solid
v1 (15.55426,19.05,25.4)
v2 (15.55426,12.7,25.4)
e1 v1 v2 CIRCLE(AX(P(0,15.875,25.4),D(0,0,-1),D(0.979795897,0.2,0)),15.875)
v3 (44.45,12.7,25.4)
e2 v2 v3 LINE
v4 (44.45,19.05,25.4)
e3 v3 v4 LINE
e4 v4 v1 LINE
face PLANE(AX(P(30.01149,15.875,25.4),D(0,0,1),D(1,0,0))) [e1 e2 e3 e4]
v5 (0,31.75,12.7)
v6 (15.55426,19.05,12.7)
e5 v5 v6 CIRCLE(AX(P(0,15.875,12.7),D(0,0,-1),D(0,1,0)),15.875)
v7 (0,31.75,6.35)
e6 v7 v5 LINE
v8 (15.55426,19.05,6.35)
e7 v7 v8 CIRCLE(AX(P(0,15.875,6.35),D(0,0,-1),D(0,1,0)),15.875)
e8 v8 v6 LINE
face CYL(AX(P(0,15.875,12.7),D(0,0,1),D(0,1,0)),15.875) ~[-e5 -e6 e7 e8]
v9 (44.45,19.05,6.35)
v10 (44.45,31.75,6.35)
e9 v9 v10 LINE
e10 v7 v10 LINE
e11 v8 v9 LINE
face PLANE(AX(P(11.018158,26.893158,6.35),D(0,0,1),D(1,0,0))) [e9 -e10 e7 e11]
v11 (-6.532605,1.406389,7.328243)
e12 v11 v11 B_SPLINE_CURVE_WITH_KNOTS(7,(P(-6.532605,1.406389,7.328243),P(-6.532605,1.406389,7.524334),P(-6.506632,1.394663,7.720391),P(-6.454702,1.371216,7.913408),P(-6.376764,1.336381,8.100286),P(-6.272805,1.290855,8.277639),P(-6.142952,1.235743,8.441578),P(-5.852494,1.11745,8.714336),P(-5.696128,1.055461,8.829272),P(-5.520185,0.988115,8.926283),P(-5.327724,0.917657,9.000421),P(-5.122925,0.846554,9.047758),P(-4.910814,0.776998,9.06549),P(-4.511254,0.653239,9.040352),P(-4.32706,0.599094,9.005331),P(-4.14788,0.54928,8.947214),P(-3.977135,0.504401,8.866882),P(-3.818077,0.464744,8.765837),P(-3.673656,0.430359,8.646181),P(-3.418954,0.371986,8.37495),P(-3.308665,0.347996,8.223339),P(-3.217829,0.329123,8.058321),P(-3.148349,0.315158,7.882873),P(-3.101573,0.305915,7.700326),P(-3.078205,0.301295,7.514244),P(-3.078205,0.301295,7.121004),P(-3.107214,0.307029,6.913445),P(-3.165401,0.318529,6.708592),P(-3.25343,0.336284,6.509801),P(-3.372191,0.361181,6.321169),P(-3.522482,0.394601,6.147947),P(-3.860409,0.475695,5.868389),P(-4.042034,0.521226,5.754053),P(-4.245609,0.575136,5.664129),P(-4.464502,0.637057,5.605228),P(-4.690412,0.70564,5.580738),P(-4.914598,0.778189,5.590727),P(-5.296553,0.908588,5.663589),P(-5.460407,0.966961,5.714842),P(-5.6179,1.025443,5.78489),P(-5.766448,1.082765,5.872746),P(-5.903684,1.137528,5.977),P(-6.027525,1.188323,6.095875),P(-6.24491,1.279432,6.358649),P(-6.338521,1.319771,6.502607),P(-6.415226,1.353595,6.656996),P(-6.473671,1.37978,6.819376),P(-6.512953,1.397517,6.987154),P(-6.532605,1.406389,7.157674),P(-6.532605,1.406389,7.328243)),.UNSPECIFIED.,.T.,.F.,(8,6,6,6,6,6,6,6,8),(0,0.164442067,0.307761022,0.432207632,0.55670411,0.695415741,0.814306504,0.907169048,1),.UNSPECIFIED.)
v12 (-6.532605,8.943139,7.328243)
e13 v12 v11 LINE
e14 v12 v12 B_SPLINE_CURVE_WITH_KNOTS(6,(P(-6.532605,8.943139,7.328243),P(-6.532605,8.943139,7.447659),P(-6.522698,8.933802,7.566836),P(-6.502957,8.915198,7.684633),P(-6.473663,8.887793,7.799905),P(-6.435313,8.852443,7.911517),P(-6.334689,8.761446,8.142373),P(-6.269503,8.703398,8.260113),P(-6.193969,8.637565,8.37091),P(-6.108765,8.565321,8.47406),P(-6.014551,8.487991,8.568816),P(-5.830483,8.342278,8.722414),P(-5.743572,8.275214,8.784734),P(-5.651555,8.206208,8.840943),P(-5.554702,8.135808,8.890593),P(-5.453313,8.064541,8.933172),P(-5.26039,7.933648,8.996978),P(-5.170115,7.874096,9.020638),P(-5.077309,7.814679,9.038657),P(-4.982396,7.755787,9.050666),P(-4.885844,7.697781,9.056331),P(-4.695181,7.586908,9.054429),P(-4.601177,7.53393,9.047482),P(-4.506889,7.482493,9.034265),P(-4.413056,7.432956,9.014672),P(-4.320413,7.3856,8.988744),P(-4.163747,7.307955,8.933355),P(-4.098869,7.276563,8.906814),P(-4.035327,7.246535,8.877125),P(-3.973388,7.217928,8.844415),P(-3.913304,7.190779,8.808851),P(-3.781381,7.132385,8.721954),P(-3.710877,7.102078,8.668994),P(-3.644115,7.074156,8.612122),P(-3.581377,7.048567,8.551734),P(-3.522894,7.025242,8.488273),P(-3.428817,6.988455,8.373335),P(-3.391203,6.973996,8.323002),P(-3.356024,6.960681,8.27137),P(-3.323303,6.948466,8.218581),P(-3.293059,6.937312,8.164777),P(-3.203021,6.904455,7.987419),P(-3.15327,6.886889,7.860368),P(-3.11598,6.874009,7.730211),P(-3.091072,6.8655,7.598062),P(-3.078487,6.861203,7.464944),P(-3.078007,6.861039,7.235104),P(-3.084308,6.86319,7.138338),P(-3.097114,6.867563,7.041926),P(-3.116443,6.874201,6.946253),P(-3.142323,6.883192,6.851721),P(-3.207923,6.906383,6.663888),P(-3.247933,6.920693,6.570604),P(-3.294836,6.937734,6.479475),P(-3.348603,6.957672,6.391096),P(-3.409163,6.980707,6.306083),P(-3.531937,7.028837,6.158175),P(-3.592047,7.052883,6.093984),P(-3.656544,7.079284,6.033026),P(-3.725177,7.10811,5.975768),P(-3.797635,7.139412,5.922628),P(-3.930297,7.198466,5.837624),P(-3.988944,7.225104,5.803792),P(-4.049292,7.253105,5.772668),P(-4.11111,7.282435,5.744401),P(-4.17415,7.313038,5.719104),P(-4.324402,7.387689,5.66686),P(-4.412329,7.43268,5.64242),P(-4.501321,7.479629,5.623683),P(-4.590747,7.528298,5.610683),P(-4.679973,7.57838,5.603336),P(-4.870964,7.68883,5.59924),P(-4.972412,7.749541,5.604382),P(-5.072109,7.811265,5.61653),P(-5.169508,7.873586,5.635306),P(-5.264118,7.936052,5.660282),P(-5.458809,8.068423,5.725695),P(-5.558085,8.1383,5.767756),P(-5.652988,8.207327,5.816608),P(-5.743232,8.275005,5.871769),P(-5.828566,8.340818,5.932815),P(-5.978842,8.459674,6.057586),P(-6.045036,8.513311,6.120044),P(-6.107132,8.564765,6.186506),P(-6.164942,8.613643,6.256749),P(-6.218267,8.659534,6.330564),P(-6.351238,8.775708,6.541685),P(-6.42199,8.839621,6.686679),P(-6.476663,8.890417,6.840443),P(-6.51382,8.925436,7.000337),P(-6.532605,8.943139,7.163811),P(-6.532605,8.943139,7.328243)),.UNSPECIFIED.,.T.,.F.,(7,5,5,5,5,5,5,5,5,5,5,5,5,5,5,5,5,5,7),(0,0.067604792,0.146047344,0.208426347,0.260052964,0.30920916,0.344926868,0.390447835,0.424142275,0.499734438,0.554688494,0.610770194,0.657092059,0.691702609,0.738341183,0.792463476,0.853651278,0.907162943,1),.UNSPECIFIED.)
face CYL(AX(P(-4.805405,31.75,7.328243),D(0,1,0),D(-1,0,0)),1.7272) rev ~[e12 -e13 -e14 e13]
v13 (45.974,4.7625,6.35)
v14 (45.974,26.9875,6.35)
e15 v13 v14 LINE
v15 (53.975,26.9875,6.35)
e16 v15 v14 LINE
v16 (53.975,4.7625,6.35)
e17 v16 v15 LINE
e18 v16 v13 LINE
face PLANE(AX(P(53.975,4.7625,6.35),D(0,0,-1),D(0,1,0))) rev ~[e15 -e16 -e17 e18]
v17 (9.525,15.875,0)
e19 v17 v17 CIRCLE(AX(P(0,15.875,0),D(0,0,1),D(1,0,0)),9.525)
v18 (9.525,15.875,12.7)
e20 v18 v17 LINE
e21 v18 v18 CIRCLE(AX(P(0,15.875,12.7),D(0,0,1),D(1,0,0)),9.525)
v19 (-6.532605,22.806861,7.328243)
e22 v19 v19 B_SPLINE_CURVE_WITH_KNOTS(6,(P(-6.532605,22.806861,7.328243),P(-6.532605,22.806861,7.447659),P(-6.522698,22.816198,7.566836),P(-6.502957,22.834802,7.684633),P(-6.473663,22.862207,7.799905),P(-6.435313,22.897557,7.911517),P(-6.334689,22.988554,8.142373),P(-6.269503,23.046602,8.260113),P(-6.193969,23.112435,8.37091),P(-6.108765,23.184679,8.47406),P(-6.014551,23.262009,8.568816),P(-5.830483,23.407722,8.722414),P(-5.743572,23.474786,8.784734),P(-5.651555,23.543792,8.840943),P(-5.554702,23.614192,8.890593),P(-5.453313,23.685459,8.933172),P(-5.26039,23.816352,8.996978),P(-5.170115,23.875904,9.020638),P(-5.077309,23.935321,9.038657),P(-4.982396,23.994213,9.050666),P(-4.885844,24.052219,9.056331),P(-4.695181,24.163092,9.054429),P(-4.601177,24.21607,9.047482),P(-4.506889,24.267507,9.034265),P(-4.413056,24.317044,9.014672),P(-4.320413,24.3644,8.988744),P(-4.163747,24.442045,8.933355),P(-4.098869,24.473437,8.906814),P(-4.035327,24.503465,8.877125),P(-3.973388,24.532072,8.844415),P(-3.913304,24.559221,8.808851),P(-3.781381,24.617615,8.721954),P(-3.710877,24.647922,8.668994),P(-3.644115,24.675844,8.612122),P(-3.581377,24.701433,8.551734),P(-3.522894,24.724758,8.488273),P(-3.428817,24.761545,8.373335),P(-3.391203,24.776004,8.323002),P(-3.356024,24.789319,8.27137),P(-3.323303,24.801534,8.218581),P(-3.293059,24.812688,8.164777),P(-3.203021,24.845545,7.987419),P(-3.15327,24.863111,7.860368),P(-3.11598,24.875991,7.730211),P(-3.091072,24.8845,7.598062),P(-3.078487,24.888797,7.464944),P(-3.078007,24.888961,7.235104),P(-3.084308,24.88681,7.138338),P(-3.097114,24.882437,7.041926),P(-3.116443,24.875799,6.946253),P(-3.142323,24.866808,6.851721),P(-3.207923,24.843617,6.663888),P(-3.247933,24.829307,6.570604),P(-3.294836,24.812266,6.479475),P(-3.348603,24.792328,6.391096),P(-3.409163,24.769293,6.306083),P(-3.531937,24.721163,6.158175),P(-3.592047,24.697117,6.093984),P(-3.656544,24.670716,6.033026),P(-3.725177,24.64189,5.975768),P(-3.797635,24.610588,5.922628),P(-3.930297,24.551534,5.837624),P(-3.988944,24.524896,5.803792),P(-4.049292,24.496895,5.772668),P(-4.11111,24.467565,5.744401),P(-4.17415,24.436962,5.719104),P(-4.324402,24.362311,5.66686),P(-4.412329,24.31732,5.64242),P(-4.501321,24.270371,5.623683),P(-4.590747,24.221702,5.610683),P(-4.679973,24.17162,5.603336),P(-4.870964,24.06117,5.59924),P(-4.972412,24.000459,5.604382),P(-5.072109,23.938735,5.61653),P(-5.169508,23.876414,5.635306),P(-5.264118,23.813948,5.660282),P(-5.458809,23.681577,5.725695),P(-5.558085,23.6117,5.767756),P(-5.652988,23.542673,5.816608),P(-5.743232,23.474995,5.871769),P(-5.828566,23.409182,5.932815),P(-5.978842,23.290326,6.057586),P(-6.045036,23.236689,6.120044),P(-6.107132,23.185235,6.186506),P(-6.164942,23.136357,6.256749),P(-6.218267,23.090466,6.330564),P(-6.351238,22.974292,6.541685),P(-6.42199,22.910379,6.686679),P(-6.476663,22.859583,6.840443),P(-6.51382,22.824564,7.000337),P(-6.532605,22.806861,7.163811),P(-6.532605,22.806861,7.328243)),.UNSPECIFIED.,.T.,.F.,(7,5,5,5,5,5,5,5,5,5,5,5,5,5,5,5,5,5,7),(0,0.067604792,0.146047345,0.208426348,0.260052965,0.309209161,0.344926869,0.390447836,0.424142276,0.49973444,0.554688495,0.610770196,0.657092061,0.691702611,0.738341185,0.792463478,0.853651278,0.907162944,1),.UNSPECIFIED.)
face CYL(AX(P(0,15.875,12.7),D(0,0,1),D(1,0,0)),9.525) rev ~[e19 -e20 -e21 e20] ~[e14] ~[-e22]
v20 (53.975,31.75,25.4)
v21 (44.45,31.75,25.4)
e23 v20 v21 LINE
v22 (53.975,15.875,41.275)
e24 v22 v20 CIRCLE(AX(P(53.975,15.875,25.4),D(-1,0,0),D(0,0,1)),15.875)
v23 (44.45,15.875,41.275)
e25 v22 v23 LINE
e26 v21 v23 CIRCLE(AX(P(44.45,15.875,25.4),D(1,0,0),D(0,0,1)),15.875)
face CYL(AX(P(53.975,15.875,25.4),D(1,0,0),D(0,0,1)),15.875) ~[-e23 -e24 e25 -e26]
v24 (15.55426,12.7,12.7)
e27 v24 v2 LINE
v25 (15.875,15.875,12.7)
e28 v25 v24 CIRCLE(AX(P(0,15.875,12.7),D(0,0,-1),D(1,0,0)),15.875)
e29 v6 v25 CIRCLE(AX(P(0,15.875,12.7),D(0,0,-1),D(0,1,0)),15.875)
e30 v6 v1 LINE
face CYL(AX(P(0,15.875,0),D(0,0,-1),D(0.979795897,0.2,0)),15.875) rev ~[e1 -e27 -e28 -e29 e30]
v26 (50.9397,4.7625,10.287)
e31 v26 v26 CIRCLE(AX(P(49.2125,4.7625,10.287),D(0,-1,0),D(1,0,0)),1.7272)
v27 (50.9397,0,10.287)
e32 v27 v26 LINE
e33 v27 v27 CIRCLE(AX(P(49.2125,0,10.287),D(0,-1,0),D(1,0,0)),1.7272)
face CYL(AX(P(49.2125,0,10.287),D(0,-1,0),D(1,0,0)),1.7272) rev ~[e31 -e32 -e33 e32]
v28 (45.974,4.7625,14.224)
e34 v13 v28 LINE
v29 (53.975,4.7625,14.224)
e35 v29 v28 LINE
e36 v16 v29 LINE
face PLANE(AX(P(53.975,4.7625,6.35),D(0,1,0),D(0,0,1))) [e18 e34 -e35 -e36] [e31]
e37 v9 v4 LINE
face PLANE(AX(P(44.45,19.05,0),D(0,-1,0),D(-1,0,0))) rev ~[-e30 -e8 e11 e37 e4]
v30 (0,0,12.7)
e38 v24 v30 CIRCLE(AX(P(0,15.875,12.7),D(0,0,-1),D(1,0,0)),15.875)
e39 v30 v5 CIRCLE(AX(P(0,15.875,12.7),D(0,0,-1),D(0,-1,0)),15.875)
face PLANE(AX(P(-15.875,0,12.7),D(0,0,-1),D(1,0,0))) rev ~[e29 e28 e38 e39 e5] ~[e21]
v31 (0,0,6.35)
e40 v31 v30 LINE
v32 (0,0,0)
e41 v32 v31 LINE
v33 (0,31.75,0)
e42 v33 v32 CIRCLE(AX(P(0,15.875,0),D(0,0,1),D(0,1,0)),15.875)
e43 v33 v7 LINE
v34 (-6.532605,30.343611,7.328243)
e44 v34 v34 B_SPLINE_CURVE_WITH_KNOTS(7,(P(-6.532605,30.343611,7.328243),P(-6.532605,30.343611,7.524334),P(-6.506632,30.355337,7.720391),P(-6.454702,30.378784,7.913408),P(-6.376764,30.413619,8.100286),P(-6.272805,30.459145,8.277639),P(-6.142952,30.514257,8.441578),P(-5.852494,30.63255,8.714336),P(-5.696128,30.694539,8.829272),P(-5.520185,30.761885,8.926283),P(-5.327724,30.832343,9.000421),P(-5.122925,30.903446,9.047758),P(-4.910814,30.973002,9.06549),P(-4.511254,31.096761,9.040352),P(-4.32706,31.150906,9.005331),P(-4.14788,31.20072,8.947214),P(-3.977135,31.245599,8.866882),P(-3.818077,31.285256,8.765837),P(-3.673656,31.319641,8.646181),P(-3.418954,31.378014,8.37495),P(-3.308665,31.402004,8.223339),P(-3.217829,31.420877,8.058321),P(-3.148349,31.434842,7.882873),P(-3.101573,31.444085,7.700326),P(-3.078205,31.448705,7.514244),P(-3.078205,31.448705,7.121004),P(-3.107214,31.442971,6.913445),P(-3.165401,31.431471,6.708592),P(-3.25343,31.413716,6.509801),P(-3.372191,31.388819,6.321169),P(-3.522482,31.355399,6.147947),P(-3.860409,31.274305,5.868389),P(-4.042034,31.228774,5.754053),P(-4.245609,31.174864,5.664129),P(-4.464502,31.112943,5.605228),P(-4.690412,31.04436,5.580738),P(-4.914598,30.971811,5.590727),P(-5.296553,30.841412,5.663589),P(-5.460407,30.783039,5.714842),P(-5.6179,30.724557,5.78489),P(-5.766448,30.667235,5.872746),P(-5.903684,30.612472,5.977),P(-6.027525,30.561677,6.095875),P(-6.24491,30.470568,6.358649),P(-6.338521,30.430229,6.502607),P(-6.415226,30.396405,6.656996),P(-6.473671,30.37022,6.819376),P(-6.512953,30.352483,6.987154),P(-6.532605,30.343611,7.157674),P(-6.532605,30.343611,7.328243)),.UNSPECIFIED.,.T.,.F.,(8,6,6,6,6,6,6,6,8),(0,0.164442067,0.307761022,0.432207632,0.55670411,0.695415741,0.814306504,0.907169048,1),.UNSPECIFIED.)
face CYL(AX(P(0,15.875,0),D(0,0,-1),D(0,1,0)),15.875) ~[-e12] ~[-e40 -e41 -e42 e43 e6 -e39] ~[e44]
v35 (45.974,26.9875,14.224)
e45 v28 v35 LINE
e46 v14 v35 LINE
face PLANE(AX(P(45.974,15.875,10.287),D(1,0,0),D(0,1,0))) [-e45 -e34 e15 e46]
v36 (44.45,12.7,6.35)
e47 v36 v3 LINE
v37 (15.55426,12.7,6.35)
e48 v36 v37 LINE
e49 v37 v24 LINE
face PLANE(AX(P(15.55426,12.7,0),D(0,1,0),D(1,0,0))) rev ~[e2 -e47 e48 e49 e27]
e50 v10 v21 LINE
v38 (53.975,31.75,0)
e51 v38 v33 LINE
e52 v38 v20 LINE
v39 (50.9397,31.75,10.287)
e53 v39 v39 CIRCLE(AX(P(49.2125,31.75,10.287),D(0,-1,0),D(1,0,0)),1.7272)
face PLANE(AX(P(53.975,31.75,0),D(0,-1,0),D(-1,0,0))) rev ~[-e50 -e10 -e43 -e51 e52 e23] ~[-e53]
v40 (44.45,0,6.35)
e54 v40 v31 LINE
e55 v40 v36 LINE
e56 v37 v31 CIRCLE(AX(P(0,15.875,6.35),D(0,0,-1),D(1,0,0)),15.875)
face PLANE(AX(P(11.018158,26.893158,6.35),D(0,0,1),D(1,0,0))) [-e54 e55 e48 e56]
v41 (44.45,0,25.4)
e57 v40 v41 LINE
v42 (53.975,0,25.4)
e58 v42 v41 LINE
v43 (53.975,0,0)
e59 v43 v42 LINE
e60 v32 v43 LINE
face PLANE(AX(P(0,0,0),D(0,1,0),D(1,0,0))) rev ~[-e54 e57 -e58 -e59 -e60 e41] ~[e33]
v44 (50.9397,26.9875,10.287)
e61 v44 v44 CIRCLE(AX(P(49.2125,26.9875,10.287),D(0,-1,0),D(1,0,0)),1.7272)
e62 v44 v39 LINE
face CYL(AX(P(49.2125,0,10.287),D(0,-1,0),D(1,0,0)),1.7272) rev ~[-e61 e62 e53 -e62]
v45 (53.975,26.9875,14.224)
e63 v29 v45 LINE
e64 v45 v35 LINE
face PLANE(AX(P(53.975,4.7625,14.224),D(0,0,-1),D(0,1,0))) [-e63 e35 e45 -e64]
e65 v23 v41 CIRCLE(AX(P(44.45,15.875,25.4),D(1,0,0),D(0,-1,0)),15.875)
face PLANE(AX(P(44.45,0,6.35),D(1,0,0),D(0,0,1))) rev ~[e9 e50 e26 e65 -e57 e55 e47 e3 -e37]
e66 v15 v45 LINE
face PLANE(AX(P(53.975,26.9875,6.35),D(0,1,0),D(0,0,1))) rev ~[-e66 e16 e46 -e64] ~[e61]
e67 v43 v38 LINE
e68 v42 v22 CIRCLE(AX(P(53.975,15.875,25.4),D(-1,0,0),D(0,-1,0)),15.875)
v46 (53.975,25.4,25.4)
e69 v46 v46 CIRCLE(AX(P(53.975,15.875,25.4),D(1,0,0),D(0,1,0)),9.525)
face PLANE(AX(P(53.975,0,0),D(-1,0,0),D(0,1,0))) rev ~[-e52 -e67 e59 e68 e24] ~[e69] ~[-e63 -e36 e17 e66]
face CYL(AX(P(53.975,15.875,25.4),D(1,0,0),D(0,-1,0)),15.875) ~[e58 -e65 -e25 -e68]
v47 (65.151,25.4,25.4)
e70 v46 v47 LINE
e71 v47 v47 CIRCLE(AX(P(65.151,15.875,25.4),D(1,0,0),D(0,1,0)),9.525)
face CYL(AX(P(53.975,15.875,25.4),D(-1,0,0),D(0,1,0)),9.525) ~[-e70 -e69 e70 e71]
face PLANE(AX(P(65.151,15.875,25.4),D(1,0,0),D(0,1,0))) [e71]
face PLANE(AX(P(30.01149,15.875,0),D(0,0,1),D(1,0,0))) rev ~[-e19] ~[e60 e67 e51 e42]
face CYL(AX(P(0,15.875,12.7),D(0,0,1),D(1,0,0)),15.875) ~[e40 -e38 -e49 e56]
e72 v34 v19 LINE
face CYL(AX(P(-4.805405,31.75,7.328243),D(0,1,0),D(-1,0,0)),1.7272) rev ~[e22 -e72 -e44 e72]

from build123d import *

# Parameters (mm, degrees)
F1_DEPTH  = 41.275
F3_DEPTH  = 31.751
F5_DEPTH  = 69.851
F6_W      = 22.225
F6_H      = 7.874
F7_DEPTH  = 8.001
F8_R      = 9.525
F9_DEPTH  = 11.176
F10_R     = 1.7272
F11_DEPTH = 31.751
F13_DEPTH = 6.35
F14_R     = 9.525
F15_DEPTH = 12.701
F17_DEPTH = 25.4
F18_R     = 1.7272
F19_DEPTH = 31.751


with BuildPart() as f1:
    # F0 (on Top) → F1 (new body)
    with BuildSketch(Plane.XY):
        with BuildLine():
            ThreePointArc((0, 31.75), (-15.875, 15.875), (0, 0))
            Line((0, 0), (53.975, 0))
            Line((53.975, 0), (53.975, 31.75))
            Line((53.975, 31.75), (0, 31.75))
        make_face()
    extrude(amount=F1_DEPTH)

    # F2 (on face) → F3 (cut, through all)
    with BuildSketch(Plane.XZ):
        Polygon((44.45, 6.35), (44.45, 41.275), (-15.875, 41.275), (-15.875, 12.7), (15.875, 12.7), (15.875, 6.35), align=None)
    extrude(amount=-F3_DEPTH, mode=Mode.SUBTRACT)

    # F4 (on face) → F5 (cut, through all)
    with BuildSketch(Plane.YZ.offset(53.975)):
        with BuildLine():
            ThreePointArc((0, 25.4), (4.6496798487, 36.6253201513), (15.875, 41.275))
            Line((15.875, 41.275), (0, 41.275))
            Line((0, 41.275), (0, 25.4))
        make_face()
        with BuildLine():
            ThreePointArc((15.875, 41.275), (27.1003201513, 36.6253201513), (31.75, 25.4))
            Line((31.75, 25.4), (31.75, 41.275))
            Line((31.75, 41.275), (15.875, 41.275))
        make_face()
    extrude(amount=-F5_DEPTH, mode=Mode.SUBTRACT)

    # F6 (on face) → F7 (cut)
    with BuildSketch(Plane.YZ.offset(53.975)):
        with Locations((15.875, 10.287)):
            Rectangle(F6_W, F6_H)
    extrude(amount=-F7_DEPTH, mode=Mode.SUBTRACT)

    # F8 (on face) → F9 (join)
    with BuildSketch(Plane.YZ.offset(53.975)):
        with Locations((15.875, 25.4)):
            Circle(F8_R)
    extrude(amount=F9_DEPTH)

    # F10 (on face) → F11 (cut, through all)
    with BuildSketch(Plane.XZ):
        with Locations((49.2125, 10.287)):
            Circle(F10_R)
    extrude(amount=-F11_DEPTH, mode=Mode.SUBTRACT)

    # F12 (on face) → F13 (cut)
    with BuildSketch(Plane.XY.offset(12.7)):
        with BuildLine():
            ThreePointArc((0, 31.75), (11.2253201513, 27.1003201513), (15.875, 15.875))
            Line((15.875, 15.875), (15.875, 31.75))
            Line((15.875, 31.75), (0, 31.75))
        make_face()
        with BuildLine():
            Line((15.875, 0), (15.875, 15.875))
            ThreePointArc((15.875, 15.875), (11.2253201513, 4.6496798487), (0, 0))
            Line((0, 0), (15.875, 0))
        make_face()
    extrude(amount=-F13_DEPTH, mode=Mode.SUBTRACT)

    # F14 (on face) → F15 (cut, through all)
    with BuildSketch(Plane.XY.offset(12.7)):
        with Locations((0, 15.875)):
            Circle(F14_R)
    extrude(amount=-F15_DEPTH, mode=Mode.SUBTRACT)

    # F16 (on Top) → F17 (join)
    with BuildSketch(Plane.XY):
        with BuildLine():
            Line((44.45, 19.05), (15.5542598667, 19.05))
            ThreePointArc((15.5542598667, 19.05), (15.875, 15.875), (15.5542598667, 12.7))
            Line((15.5542598667, 12.7), (44.45, 12.7))
            Line((44.45, 12.7), (44.45, 19.05))
        make_face()
    extrude(amount=F17_DEPTH)

    # F18 (on face) → F19 (cut, through all)
    with BuildSketch(Plane(origin=(0, 31.75, 0), x_dir=(-1, 0, 0), z_dir=(0, 1, 0))):
        with Locations((4.8054051585, 7.3282429948)):
            Circle(F18_R)
    extrude(amount=-F19_DEPTH, mode=Mode.SUBTRACT)


solid = f1.part
